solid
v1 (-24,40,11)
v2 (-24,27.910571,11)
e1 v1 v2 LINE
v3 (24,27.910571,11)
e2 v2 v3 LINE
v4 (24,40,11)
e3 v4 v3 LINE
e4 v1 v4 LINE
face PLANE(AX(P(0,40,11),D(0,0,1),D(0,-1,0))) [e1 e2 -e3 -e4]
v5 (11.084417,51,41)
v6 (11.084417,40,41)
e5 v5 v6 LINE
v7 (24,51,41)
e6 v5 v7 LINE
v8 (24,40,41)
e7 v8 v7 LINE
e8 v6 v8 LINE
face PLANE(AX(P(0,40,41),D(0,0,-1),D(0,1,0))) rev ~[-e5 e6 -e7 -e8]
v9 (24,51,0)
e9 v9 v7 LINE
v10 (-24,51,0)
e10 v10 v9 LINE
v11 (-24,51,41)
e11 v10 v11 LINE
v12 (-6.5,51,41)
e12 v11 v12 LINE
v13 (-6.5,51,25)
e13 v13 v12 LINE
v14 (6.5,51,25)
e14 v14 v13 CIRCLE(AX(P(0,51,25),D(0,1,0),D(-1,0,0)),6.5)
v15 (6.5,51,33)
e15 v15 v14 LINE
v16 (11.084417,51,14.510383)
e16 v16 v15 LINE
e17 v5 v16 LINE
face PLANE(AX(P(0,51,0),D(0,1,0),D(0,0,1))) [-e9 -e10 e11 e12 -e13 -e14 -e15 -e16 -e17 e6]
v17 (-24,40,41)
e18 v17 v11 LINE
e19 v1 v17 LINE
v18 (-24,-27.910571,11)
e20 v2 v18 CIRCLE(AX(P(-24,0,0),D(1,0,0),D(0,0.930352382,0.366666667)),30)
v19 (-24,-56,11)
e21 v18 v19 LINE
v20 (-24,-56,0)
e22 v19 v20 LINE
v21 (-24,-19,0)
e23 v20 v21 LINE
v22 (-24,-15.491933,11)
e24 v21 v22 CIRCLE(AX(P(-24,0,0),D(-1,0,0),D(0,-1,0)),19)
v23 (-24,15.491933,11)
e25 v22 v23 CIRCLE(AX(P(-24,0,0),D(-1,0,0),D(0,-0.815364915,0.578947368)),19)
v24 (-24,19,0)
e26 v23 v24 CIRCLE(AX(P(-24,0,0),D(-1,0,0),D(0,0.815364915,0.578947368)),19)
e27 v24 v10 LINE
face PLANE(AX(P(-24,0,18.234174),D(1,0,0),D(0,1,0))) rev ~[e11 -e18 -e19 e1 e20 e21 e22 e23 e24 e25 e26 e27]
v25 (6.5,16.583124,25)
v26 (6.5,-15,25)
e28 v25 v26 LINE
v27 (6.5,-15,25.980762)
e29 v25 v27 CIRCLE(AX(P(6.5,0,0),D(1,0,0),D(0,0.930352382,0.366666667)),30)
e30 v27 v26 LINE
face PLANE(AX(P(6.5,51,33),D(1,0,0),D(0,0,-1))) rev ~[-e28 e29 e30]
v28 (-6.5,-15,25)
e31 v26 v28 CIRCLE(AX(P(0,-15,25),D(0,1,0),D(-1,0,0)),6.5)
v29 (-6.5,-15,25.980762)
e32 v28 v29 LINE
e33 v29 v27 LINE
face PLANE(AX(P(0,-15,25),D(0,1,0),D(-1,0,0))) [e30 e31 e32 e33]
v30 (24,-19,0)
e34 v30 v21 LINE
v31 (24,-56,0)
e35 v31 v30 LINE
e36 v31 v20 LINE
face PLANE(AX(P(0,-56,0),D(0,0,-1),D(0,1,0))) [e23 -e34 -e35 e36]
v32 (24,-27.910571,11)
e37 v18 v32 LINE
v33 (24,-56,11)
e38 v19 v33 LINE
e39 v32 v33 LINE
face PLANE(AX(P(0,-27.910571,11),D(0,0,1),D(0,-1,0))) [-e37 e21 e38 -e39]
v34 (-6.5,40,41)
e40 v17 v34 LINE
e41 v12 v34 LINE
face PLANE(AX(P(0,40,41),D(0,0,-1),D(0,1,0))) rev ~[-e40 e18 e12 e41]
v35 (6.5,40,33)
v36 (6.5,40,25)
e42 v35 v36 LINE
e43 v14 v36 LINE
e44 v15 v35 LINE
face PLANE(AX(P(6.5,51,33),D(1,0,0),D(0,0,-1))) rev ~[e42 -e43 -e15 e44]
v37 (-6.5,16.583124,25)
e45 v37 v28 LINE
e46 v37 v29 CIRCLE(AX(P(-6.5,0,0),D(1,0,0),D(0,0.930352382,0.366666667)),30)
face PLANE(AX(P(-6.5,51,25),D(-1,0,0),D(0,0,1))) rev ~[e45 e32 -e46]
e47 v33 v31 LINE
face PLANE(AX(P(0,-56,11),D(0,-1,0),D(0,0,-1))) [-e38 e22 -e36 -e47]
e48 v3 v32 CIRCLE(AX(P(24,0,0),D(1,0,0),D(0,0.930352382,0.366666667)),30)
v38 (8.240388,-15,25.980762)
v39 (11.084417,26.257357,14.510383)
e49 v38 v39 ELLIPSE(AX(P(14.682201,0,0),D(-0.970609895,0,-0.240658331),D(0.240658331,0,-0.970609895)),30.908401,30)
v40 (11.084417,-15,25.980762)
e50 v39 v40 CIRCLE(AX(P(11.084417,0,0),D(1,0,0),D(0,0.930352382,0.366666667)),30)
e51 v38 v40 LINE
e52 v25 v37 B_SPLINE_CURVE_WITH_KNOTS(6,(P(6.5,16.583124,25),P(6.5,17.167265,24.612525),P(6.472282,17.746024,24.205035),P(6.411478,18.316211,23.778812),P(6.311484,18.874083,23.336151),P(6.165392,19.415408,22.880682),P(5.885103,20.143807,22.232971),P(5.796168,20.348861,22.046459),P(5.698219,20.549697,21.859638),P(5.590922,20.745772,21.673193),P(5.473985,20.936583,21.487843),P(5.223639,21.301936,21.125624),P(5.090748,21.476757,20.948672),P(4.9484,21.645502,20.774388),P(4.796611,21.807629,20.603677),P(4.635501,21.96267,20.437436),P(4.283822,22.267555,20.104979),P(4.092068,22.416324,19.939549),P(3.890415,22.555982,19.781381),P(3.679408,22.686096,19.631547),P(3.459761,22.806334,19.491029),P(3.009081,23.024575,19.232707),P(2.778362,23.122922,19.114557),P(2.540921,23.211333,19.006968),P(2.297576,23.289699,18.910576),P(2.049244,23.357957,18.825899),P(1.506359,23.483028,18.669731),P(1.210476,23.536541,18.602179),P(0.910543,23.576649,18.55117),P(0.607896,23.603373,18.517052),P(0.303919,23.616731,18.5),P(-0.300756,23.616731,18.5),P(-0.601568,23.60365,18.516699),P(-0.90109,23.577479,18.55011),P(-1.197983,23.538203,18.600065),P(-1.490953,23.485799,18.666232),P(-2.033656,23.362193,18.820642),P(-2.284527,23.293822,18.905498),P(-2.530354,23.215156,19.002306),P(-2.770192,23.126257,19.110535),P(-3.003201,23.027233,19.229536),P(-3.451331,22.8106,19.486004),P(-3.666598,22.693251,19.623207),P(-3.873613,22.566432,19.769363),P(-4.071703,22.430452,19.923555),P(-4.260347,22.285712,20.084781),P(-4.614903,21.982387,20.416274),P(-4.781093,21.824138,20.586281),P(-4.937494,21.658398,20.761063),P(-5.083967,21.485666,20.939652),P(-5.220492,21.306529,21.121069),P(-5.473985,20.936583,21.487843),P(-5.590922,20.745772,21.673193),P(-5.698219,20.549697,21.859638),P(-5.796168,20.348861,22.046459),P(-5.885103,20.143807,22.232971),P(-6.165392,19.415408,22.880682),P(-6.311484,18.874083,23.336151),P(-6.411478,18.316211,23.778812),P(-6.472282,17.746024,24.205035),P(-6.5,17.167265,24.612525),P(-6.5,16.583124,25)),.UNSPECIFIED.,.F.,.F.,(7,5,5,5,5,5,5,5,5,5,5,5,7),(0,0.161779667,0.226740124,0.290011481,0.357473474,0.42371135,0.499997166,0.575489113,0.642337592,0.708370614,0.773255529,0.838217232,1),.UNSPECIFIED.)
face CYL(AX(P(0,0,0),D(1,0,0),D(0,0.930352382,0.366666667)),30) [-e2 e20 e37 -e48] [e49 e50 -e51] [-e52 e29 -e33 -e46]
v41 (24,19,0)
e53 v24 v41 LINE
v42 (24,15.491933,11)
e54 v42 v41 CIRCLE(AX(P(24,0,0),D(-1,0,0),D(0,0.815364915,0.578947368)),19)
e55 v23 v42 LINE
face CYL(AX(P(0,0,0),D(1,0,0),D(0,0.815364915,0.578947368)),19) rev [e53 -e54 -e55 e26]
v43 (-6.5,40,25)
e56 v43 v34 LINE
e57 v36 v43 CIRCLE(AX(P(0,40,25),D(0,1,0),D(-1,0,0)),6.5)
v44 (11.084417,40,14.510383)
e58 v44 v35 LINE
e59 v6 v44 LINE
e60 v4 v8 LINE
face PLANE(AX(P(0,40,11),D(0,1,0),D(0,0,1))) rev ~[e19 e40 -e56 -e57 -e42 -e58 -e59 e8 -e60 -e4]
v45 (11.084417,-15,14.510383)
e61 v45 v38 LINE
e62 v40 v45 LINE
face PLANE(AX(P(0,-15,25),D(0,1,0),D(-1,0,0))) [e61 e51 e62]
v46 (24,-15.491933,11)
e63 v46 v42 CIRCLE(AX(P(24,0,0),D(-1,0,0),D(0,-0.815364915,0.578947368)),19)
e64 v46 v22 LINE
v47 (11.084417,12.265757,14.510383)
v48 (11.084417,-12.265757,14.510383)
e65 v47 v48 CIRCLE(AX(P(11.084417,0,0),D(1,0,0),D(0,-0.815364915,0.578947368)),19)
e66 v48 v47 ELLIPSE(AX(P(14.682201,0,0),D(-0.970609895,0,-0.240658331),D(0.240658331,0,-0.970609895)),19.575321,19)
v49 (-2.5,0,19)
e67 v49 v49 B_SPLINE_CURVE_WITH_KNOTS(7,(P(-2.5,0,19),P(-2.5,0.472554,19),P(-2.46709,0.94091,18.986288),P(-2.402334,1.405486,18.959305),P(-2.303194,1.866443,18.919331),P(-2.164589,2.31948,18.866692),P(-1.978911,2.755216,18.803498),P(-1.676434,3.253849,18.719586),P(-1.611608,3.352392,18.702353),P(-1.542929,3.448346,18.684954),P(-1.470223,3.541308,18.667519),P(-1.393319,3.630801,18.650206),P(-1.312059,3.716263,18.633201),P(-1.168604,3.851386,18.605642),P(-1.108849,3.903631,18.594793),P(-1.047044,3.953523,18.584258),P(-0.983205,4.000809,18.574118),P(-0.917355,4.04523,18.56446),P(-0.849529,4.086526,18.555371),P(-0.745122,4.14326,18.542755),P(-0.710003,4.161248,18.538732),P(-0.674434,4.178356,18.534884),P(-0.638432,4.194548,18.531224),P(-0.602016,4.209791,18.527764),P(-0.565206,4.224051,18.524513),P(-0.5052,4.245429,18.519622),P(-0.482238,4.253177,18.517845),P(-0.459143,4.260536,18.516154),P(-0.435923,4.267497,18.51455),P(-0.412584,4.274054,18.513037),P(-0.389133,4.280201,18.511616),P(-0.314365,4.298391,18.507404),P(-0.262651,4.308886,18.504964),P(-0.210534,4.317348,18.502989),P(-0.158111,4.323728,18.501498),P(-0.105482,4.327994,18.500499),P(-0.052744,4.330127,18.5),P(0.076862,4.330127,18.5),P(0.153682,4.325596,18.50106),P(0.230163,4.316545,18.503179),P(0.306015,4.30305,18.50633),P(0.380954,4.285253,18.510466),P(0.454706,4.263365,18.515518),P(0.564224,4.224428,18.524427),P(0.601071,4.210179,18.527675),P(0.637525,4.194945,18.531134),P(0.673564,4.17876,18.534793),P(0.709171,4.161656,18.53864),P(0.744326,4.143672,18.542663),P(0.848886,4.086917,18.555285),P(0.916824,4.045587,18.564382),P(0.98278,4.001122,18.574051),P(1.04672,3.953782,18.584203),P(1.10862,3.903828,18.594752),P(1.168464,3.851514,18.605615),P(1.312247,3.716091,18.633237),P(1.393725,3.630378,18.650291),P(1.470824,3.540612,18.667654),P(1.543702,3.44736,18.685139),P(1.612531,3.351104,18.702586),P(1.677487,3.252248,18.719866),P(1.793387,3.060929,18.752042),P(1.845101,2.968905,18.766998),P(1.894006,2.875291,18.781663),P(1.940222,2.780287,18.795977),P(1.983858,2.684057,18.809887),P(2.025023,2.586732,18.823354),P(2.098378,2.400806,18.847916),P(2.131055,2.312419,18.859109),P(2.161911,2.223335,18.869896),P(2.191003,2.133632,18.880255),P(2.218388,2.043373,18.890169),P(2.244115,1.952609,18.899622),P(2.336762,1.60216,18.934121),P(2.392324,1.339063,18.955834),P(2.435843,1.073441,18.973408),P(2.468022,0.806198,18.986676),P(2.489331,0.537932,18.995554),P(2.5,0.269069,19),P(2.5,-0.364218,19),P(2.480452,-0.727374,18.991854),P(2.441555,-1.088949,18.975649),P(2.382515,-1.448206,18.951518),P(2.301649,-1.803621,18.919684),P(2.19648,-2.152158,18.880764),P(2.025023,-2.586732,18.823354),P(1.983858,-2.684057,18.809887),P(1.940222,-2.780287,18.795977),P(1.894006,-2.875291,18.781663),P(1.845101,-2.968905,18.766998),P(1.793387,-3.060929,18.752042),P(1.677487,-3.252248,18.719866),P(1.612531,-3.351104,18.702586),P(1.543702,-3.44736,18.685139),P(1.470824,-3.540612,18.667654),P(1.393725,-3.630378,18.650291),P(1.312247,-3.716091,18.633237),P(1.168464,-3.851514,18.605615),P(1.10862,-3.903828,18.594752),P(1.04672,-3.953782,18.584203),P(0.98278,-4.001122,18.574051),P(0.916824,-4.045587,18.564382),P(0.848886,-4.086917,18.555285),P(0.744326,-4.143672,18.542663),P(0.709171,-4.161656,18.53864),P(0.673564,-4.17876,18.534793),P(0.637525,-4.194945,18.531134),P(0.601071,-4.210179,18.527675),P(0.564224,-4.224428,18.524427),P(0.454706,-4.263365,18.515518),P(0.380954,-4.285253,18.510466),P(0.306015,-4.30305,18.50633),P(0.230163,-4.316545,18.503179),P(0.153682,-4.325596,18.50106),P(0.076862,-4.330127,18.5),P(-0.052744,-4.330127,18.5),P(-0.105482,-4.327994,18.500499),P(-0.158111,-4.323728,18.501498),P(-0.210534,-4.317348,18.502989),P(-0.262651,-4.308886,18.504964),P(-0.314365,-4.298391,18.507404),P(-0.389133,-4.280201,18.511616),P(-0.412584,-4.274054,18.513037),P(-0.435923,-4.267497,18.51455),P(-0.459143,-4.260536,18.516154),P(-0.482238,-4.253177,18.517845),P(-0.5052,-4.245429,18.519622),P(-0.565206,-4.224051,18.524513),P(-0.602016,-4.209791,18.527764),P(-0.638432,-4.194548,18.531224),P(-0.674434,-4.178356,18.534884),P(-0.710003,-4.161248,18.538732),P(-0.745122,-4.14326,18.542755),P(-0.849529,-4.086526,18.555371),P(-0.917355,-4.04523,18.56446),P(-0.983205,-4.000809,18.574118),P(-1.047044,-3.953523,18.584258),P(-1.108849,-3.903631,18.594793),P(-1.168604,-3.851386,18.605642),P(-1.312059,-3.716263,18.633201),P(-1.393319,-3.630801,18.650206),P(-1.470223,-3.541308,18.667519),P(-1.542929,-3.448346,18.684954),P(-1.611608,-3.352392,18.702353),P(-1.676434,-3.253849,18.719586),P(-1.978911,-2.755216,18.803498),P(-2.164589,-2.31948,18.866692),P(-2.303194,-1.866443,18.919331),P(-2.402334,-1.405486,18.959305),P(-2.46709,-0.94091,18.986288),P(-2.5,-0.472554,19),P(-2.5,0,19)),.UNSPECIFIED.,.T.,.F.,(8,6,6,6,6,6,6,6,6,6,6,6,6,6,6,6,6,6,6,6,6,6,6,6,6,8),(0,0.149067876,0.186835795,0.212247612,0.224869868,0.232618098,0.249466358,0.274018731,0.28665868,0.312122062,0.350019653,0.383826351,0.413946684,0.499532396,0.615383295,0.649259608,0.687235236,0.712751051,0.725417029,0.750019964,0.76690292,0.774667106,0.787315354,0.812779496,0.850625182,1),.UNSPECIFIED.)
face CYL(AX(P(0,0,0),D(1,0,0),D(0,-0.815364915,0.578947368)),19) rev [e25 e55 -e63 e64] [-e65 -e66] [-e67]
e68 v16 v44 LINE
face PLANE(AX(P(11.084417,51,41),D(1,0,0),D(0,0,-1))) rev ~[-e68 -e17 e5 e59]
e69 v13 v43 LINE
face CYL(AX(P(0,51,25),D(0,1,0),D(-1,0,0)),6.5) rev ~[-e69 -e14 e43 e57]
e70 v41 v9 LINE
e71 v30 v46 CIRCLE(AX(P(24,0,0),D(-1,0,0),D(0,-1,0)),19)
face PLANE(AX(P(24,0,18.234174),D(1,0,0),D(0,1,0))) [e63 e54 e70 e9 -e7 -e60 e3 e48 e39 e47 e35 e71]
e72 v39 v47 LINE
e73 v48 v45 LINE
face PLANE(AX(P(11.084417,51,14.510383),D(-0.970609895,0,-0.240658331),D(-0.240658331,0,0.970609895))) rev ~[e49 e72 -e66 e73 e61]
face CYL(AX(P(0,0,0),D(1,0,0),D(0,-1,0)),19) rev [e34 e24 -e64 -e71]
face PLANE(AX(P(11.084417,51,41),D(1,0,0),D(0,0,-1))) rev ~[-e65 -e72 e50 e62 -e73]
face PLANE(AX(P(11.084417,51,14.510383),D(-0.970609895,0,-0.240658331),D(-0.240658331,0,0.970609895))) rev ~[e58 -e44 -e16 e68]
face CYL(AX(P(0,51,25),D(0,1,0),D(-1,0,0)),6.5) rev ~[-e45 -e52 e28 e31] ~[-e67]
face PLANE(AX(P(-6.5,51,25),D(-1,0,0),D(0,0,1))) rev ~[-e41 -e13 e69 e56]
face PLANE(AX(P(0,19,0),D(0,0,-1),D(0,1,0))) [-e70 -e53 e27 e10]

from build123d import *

# Parameters (mm, degrees)
F0_W     = 11
F0_H     = 30
F1_DEPTH = 24
F3_DEPTH = 66


with BuildPart() as f1:
    # F0 (on Right) → F1 (new body, symmetric)
    with BuildSketch(Plane.YZ):
        with BuildLine():
            ThreePointArc((-15.4919333848, 11), (0, 19), (15.4919333848, 11))
            Line((15.4919333848, 11), (27.9105714739, 11))
            ThreePointArc((27.9105714739, 11), (0, 30), (-27.9105714739, 11))
            Line((-27.9105714739, 11), (-15.4919333848, 11))
        make_face()
        with BuildLine():
            ThreePointArc((27.9105714739, 11), (29.4730143031, 5.5983415304), (30, 0))
            Line((30, 0), (51, 0))
            Line((51, 0), (51, 11))
            Line((51, 11), (40, 11))
            Line((40, 11), (27.9105714739, 11))
        make_face()
        with BuildLine():
            ThreePointArc((15.4919333848, 11), (18.1017503893, 5.7729223833), (19, 0))
            Line((19, 0), (30, 0))
            ThreePointArc((30, 0), (29.4730143031, 5.5983415304), (27.9105714739, 11))
            Line((27.9105714739, 11), (15.4919333848, 11))
        make_face()
        with Locations((45.5, 26)):
            Rectangle(F0_W, F0_H)
        with BuildLine():
            Line((-56, 0), (-30, 0))
            ThreePointArc((-30, 0), (-29.4730143031, 5.5983415304), (-27.9105714739, 11))
            Line((-27.9105714739, 11), (-56, 11))
            Line((-56, 11), (-56, 0))
        make_face()
        with BuildLine():
            Line((-30, 0), (-19, 0))
            ThreePointArc((-19, 0), (-18.1017503893, 5.7729223833), (-15.4919333848, 11))
            Line((-15.4919333848, 11), (-27.9105714739, 11))
            ThreePointArc((-27.9105714739, 11), (-29.4730143031, 5.5983415304), (-30, 0))
        make_face()
    extrude(amount=F1_DEPTH, both=True)

    # F2 (on face) → F3 (cut, through all)
    with BuildSketch(Plane(origin=(0, 51, 0), x_dir=(-1, 0, 0), z_dir=(0, 1, 0))):
        with BuildLine():
            ThreePointArc((-6.5, 25), (0, 18.5), (6.5, 25))
            ThreePointArc((6.5, 25), (0, 31.5), (-6.5, 25))
        make_face()
        Polygon((-11.0844168812, 14.5103828982), (-6.5, 33), (-6.5, 41), (-11.0844168812, 41), align=None)
        with BuildLine():
            ThreePointArc((-6.5, 25), (0, 31.5), (6.5, 25))
            Line((6.5, 25), (6.5, 41))
            Line((6.5, 41), (-6.5, 41))
            Line((-6.5, 41), (-6.5, 33))
            Line((-6.5, 33), (-6.5, 25))
        make_face()
    extrude(amount=-F3_DEPTH, mode=Mode.SUBTRACT)


solid = f1.part
